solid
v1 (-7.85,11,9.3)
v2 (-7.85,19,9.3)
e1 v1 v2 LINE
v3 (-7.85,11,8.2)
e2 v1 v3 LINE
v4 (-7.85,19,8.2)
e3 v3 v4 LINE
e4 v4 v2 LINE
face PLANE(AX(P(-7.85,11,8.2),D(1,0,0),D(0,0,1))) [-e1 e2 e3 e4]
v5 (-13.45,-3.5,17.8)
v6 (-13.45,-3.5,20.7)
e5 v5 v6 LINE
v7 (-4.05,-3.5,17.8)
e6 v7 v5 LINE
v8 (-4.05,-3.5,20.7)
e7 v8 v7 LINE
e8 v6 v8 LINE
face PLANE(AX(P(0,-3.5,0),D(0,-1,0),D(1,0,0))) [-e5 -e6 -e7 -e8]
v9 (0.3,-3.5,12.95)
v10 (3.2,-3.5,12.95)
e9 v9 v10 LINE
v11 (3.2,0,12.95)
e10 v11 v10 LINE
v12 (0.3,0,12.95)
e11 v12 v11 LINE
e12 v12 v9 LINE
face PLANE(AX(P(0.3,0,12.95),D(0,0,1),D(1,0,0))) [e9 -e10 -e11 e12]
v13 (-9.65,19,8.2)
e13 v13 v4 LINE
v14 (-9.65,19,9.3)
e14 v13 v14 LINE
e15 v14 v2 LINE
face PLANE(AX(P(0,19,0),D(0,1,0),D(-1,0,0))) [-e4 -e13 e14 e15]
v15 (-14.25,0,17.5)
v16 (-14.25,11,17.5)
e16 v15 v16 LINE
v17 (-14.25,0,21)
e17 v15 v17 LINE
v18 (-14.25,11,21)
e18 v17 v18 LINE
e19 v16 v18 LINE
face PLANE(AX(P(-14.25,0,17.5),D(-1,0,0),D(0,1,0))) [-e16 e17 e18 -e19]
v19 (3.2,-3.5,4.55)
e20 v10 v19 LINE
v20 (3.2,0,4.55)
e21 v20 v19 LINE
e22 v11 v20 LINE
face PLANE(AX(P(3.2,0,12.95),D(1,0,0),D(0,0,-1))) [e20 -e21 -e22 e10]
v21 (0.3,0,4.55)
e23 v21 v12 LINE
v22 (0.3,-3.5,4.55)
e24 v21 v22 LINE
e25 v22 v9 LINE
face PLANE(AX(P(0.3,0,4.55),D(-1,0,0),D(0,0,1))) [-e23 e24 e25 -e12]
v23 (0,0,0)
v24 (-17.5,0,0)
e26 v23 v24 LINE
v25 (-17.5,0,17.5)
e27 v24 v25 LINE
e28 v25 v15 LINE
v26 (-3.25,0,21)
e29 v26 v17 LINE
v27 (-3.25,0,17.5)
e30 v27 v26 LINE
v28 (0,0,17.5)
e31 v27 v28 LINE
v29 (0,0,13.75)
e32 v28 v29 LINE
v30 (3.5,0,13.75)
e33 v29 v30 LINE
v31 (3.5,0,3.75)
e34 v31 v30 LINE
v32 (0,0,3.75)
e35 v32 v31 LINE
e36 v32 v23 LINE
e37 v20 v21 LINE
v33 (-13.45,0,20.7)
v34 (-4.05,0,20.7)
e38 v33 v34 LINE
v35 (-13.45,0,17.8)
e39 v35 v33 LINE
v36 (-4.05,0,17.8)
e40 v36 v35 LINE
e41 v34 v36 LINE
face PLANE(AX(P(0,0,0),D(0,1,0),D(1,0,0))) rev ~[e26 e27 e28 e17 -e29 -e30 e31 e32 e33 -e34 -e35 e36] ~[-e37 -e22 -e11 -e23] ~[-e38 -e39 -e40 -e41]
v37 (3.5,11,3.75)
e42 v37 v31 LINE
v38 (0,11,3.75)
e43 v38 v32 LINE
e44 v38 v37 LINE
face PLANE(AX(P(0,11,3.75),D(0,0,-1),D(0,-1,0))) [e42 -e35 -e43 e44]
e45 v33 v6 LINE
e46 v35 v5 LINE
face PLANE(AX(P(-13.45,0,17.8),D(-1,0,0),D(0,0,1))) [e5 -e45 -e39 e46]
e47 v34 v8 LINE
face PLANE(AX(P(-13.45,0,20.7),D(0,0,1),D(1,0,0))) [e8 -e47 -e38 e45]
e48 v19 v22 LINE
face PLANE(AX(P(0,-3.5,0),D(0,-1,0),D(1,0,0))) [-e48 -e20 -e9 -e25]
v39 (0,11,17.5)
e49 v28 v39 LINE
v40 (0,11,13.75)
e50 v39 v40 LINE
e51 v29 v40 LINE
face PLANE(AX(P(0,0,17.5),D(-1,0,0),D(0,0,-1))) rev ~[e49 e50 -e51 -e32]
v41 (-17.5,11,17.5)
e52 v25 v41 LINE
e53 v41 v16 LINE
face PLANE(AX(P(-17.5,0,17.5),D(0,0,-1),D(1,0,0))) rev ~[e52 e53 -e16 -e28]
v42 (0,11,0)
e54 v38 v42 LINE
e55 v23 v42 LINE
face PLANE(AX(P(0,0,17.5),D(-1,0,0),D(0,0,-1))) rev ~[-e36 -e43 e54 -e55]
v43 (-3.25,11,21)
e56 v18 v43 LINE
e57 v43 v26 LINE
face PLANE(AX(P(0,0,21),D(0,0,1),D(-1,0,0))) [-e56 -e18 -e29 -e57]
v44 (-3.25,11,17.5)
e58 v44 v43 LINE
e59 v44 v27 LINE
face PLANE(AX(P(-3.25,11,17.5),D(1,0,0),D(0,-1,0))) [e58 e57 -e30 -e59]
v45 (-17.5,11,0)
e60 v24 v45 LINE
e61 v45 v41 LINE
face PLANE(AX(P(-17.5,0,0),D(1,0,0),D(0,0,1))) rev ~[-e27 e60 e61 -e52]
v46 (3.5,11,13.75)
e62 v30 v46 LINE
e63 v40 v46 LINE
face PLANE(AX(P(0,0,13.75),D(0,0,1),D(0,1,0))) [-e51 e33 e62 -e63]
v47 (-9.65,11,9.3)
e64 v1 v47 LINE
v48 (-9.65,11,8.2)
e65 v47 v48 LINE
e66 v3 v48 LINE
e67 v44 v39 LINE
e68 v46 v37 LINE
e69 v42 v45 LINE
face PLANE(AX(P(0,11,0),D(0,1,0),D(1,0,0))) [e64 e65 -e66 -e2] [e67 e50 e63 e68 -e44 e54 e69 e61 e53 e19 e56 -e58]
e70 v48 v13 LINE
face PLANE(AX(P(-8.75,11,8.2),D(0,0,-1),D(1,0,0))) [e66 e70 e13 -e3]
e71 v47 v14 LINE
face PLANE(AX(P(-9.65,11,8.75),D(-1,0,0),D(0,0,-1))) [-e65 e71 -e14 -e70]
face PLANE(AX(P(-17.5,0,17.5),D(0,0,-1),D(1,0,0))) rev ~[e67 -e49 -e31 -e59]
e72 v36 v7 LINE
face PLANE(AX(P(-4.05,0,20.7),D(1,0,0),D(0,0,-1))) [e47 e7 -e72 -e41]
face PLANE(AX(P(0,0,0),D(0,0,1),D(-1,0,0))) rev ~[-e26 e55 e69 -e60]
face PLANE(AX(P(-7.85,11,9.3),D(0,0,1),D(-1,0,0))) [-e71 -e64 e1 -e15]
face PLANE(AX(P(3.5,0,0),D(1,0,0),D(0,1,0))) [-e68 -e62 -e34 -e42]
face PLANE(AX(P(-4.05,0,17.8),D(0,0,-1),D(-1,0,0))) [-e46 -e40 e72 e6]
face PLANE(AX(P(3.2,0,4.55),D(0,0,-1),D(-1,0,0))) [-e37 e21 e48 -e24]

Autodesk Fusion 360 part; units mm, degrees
sketch "Sketch1" plane through (0, 0, 0) normal (0, 1, 0) x (1, 0, 0)
  line L0 (0, 0) -> (-17.5, 0)
  line L1 (-17.5, 0) -> (-17.5, -17.5)
  line L2 (-17.5, -17.5) -> (0, -17.5)
  line L3 (0, -17.5) -> (0, 0)
  dimension "d1" = 17.5
  dimension "d2" = 17.5
extrude "Extrude1" add sketch "Sketch1" along normal blind 11
sketch "Sketch2" plane through (0, 11, 0) normal (0, 1, 0) x (-1, 0, 0)
  line L0 (0, 17.5) -> (0, 0)
  line L1 (0, 0) -> (17.5, 0)
  line L2 (17.5, 0) -> (17.5, 17.5)
  line L3 (17.5, 17.5) -> (0, 17.5)
  line L4 (7.85, 9.3) -> (9.65, 9.3)
  line L5 (9.65, 9.3) -> (9.65, 8.2)
  line L6 (9.65, 8.2) -> (7.85, 8.2)
  line L7 (7.85, 8.2) -> (7.85, 9.3)
  line L8 (8.75, 9.3) -> (8.75, 8.2)
  line L9 (9.65, 8.75) -> (7.85, 8.75)
  line L10 (0, 17.5) -> (17.5, 17.5)
  line L11 (0, 17.5) -> (0, 0)
  line L12 (8.75, 17.5) -> (8.75, 0)
  line L13 (0, 8.75) -> (17.5, 8.75)
  dimension "d5" = 1.8
  dimension "d6" = 1.1
extrude "Extrude2" add sketch "Sketch2" along normal blind 8 contours L6 L7 L8 L9 L12 L13 | L4 L7 L8 L9 L12 L13 | L4 L5 L8 L9 L12 L13 | L5 L6 L8 L9 L12 L13
sketch "Sketch3" plane through (0, 0, 0) normal (1, 0, 0) x (0, 1, 0)
  line L0 (0, 17.5) -> (0, 0)
  line L1 (0, 0) -> (11, 0)
  line L2 (11, 0) -> (11, 17.5)
  line L3 (11, 17.5) -> (0, 17.5)
  line L4 (0, 13.75) -> (11, 13.75)
  line L5 (11, 13.75) -> (11, 3.75)
  line L6 (11, 3.75) -> (0, 3.75)
  line L7 (0, 3.75) -> (0, 13.75)
  line L8 (11, 8.75) -> (0, 8.75)
  line L9 (11, 17.5) -> (11, 0)
  line L10 (11, 8.75) -> (0, 8.75)
  dimension "d11" = 10
  dimension "d12" = 11
extrude "Extrude3" add sketch "Sketch3" along normal blind 3.5 contours L0 L2 L4 L5 L7 L8 L9 L10 | L0 L2 L5 L6 L7 L8 L9 L10
sketch "Sketch4" plane through (0, 0, 17.5) normal (0, 0, 1) x (-1, 0, 0)
  line L0 (17.5, 0) -> (0, 0)
  line L1 (0, 0) -> (0, -11)
  line L2 (0, -11) -> (17.5, -11)
  line L3 (17.5, -11) -> (17.5, 0)
  line L4 (14.25, -11) -> (3.25, -11)
  line L5 (3.25, -11) -> (3.25, 0)
  line L6 (3.25, 0) -> (14.25, 0)
  line L7 (14.25, 0) -> (14.25, -11)
  line L8 (8.75, -11) -> (8.75, 0)
  line L9 (17.5, -11) -> (0, -11)
  line L10 (8.75, -11) -> (8.75, 0)
  dimension "d18" = 11
extrude "Extrude4" add sketch "Sketch4" along normal blind 3.5 contours L0 L2 L4 L6 L7 L8 L9 L10 | L0 L2 L4 L5 L6 L8 L9 L10
sketch "Sketch5" plane through (0, 0, 0) normal (0, -1, 0) x (1, 0, 0)
  line L0 (0, 13.75) -> (0, 17.5)
  line L1 (0, 17.5) -> (-3.25, 17.5)
  line L2 (-3.25, 17.5) -> (-3.25, 21)
  line L3 (-3.25, 21) -> (-14.25, 21)
  line L4 (-14.25, 21) -> (-14.25, 17.5)
  line L5 (-14.25, 17.5) -> (-17.5, 17.5)
  line L6 (-17.5, 17.5) -> (-17.5, 0)
  line L7 (-17.5, 0) -> (0, 0)
  line L8 (0, 0) -> (0, 3.75)
  line L9 (0, 3.75) -> (3.5, 3.75)
  line L10 (3.5, 3.75) -> (3.5, 13.75)
  line L11 (3.5, 13.75) -> (0, 13.75)
  line L12 (-13.45, 20.7) -> (-4.05, 20.7)
  line L13 (-4.05, 20.7) -> (-4.05, 17.8)
  line L14 (-4.05, 17.8) -> (-13.45, 17.8)
  line L15 (-13.45, 17.8) -> (-13.45, 20.7)
  line L16 (0.3, 12.95) -> (3.2, 12.95)
  line L17 (3.2, 12.95) -> (3.2, 4.55)
  line L18 (3.2, 4.55) -> (0.3, 4.55)
  line L19 (0.3, 4.55) -> (0.3, 12.95)
  line L20 (0, 17.5) -> (0, 0)
  line L21 (-17.5, 17.5) -> (0, 17.5)
  dimension "d21" = 0.8
  dimension "d22" = 0.8
  dimension "d23" = 0.8
  dimension "d24" = 0.8
  dimension "d25" = 0.3
  dimension "d27" = 0.3
  dimension "d28" = 0.3
  dimension "d29" = 0.3
extrude "Extrude5" add sketch "Sketch5" along normal blind 3.5 contours L12 L13 L14 L15 | L16 L17 L18 L19
equation "d21 = d23"
equation "d22 = d23"
equation "d24 = d23"
equation "d27 = d25"
equation "d28 = d25"
equation "d29 = d25"
